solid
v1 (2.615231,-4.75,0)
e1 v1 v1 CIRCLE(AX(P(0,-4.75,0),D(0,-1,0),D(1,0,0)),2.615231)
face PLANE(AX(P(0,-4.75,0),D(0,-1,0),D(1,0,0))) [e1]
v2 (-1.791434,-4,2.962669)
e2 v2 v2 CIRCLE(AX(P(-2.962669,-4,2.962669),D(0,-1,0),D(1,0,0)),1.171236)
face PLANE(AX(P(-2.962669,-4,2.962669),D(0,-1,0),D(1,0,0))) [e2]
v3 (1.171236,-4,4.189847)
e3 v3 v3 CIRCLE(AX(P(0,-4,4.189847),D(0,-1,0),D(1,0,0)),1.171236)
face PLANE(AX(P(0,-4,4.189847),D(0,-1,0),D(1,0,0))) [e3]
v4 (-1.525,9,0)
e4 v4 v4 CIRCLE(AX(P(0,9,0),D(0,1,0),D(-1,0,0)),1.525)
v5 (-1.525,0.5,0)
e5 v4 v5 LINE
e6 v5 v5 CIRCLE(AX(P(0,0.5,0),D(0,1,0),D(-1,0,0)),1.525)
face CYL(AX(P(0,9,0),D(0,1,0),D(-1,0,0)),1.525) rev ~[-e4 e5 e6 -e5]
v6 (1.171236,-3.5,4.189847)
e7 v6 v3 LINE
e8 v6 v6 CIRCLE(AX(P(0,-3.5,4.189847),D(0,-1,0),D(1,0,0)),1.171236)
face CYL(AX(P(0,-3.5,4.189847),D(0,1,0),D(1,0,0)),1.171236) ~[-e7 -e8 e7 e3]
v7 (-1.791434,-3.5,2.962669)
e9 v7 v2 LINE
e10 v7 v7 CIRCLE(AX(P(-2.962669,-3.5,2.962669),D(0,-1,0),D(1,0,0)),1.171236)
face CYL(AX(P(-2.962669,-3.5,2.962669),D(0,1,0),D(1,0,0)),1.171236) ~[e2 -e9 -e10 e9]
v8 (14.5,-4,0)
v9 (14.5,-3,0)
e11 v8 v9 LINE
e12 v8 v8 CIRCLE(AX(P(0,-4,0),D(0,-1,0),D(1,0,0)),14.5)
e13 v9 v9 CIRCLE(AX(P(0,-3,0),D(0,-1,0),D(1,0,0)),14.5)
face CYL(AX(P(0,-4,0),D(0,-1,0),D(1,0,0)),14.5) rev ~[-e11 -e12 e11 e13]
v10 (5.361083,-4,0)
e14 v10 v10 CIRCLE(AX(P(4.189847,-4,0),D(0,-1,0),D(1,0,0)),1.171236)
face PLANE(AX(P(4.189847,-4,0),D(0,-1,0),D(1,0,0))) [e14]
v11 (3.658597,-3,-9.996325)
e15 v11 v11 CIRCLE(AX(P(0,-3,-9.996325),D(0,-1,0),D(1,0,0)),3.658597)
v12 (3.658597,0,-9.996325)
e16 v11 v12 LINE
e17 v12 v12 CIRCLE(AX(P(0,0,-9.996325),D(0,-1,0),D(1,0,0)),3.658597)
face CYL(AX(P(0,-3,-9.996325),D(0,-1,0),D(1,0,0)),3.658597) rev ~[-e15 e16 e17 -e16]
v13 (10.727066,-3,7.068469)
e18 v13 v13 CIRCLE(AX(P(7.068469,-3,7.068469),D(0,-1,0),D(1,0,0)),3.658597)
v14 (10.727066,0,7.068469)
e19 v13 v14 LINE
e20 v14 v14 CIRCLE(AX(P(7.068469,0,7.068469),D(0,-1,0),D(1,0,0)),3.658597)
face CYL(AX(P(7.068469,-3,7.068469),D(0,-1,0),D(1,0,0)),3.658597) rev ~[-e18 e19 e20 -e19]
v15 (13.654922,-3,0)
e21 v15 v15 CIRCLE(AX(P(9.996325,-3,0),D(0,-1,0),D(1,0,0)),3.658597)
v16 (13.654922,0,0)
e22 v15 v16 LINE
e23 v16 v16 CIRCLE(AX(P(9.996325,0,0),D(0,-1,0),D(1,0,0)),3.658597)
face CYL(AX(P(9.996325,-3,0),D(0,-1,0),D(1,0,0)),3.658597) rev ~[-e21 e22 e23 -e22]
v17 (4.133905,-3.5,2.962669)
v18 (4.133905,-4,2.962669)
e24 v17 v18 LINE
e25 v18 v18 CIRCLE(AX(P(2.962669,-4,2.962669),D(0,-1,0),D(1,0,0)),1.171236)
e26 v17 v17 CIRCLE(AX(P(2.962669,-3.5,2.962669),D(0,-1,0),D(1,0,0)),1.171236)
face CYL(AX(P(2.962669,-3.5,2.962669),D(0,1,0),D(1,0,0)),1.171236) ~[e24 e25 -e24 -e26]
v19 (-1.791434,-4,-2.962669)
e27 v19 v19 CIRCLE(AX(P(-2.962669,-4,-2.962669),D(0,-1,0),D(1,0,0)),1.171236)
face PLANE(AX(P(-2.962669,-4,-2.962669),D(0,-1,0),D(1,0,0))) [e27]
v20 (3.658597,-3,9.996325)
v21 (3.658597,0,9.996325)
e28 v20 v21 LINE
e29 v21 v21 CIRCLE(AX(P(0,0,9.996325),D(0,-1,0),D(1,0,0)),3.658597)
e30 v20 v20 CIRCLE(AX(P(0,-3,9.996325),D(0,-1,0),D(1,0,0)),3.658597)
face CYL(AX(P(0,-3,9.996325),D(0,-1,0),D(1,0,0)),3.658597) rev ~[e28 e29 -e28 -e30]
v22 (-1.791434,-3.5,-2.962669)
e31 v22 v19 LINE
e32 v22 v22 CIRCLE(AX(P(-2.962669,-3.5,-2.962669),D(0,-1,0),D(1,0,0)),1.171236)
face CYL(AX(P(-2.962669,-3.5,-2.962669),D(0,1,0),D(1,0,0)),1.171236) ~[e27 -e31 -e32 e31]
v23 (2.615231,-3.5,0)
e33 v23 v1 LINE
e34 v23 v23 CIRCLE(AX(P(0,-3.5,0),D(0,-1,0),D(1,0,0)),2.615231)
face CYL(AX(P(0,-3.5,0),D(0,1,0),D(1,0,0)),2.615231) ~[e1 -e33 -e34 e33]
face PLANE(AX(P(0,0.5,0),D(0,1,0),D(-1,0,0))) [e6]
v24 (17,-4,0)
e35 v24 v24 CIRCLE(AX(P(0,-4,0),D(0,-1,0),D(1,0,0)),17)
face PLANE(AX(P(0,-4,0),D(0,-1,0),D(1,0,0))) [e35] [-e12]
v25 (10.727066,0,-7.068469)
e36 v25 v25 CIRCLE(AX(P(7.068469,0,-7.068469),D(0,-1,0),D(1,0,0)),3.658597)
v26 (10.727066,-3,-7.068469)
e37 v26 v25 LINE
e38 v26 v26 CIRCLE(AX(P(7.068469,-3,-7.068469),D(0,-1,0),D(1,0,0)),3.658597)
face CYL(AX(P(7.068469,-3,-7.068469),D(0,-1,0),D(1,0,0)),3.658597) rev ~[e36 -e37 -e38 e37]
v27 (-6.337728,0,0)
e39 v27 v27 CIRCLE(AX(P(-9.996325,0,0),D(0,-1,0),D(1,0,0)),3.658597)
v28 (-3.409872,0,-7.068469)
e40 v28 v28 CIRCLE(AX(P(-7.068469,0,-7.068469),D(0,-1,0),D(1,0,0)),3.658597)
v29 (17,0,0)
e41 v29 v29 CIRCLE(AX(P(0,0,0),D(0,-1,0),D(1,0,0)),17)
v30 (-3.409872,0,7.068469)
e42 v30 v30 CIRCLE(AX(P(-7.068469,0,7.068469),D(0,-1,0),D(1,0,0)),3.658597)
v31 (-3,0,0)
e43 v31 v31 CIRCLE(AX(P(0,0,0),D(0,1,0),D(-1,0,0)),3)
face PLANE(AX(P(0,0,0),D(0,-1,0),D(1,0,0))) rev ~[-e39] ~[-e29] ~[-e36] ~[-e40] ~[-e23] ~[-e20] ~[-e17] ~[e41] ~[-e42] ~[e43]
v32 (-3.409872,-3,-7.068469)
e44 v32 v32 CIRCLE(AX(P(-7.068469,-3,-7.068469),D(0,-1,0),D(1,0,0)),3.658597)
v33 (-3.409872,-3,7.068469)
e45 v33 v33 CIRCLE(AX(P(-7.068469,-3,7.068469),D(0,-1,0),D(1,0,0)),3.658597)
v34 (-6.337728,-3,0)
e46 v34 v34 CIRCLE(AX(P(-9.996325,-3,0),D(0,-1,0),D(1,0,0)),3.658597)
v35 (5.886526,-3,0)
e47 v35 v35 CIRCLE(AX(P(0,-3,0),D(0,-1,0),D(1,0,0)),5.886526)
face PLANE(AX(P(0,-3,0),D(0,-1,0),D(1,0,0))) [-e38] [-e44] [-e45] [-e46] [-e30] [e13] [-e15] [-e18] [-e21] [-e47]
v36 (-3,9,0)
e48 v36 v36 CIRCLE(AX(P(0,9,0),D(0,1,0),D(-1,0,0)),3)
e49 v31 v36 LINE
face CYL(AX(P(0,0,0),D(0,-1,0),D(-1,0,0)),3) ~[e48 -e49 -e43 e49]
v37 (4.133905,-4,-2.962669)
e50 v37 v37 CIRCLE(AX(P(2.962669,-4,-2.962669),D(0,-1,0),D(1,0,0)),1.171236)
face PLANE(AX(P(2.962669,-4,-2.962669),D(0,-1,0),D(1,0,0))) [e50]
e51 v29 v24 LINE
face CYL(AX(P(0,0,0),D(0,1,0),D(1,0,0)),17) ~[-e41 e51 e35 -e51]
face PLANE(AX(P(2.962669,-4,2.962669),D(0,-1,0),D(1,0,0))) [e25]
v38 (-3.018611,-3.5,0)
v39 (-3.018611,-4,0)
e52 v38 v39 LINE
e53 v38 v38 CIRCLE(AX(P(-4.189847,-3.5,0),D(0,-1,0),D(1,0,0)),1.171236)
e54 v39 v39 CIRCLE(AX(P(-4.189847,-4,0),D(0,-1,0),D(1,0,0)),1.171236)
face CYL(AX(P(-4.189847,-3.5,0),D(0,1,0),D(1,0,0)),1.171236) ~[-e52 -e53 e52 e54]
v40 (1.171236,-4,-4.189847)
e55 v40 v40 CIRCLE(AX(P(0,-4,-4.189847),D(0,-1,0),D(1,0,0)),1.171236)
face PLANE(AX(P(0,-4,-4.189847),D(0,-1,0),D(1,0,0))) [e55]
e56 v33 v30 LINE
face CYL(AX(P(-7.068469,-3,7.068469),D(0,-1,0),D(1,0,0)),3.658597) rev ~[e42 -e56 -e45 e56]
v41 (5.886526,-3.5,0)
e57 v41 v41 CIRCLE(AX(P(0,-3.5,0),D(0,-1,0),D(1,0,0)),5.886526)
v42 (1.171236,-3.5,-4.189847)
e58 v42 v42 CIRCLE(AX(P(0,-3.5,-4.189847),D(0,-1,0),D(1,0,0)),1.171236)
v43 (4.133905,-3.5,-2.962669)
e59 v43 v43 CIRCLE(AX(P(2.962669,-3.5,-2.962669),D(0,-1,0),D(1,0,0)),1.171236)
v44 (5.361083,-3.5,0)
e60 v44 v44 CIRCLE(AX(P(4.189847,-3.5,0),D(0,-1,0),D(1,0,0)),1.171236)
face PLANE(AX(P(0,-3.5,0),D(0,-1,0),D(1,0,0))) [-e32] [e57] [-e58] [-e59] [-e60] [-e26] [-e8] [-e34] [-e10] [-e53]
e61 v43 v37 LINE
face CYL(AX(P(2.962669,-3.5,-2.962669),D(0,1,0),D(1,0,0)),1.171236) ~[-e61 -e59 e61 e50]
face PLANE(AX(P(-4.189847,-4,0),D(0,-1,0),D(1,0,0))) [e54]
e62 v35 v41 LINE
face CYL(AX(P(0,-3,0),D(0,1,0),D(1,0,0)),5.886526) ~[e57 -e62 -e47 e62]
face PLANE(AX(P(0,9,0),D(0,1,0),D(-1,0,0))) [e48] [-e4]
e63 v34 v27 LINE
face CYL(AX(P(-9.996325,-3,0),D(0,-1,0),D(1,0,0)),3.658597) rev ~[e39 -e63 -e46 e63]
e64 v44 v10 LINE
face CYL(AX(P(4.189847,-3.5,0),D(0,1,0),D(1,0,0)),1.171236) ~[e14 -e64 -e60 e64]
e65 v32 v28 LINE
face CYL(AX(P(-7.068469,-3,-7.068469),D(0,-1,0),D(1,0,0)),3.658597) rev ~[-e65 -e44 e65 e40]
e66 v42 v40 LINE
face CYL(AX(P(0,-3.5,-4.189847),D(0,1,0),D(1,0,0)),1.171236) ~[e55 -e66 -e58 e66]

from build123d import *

# Parameters (mm, degrees)
F0_R      = 17
F0_R_2    = 14.5
F1_DEPTH  = 4
F2_R      = 14.5
F3_DEPTH  = 1
F4_R      = 3.658597032
F5_DEPTH  = 25
F6_R      = 5.8865262856
F7_DEPTH  = 0.5
F8_R      = 1.1712356188
F9_DEPTH  = 0.5
F10_R     = 2.6152305959
F11_DEPTH = 1.25
F12_R     = 3
F13_DEPTH = 9
F14_R     = 1.525
F15_DEPTH = 8.5


with BuildPart() as f1:
    # F0 (on Front) → F1 (new body)
    with BuildSketch(Plane.XZ):
        Circle(F0_R)
        Circle(F0_R_2, mode=Mode.SUBTRACT)
        Circle(F0_R_2)
    extrude(amount=F1_DEPTH)

    # F2 (on face) → F3 (cut)
    with BuildSketch(Plane.XZ.offset(4)):
        Circle(F2_R)
    extrude(amount=-F3_DEPTH, mode=Mode.SUBTRACT)

    # F4 (on face) → F5 (cut)
    with BuildSketch(Plane.XZ.offset(3)):
        with Locations((-7.0684690372, 7.0684690372)):
            Circle(F4_R)
        with Locations((-9.9963247776, 0)):
            Circle(F4_R)
        with Locations((0, 9.9963247776)):
            Circle(F4_R)
        with Locations((7.0684690372, 7.0684690372)):
            Circle(F4_R)
        with Locations((9.9963247776, 0)):
            Circle(F4_R)
        with Locations((7.0684690372, -7.0684690372)):
            Circle(F4_R)
        with Locations((0, -9.9963247776)):
            Circle(F4_R)
        with Locations((-7.0684690372, -7.0684690372)):
            Circle(F4_R)
    extrude(amount=-F5_DEPTH, mode=Mode.SUBTRACT)

    # F6 (on face) → F7 (join)
    with BuildSketch(Plane.XZ.offset(3)):
        Circle(F6_R)
    extrude(amount=F7_DEPTH)

    # F8 (on face) → F9 (join)
    with BuildSketch(Plane.XZ.offset(3.5)):
        with Locations((-2.9626692521, 2.9626692521)):
            Circle(F8_R)
        with Locations((0, 4.1898470372)):
            Circle(F8_R)
        with Locations((2.9626692521, 2.9626692521)):
            Circle(F8_R)
        with Locations((4.1898470372, 0)):
            Circle(F8_R)
        with Locations((2.9626692521, -2.9626692521)):
            Circle(F8_R)
        with Locations((0, -4.1898470372)):
            Circle(F8_R)
        with Locations((-2.9626692521, -2.9626692521)):
            Circle(F8_R)
        with Locations((-4.1898470372, 0)):
            Circle(F8_R)
    extrude(amount=F9_DEPTH)

    # F10 (on face) → F11 (join)
    with BuildSketch(Plane.XZ.offset(3.5)):
        Circle(F10_R)
    extrude(amount=F11_DEPTH)

    # F12 (on face) → F13 (join)
    with BuildSketch(Plane(origin=(0, 0, 0), x_dir=(-1, 0, 0), z_dir=(0, 1, 0))):
        Circle(F12_R)
    extrude(amount=F13_DEPTH)

    # F14 (on face) → F15 (cut)
    with BuildSketch(Plane(origin=(0, 9, 0), x_dir=(-1, 0, 0), z_dir=(0, 1, 0))):
        Circle(F14_R)
    extrude(amount=-F15_DEPTH, mode=Mode.SUBTRACT)


solid = f1.part
